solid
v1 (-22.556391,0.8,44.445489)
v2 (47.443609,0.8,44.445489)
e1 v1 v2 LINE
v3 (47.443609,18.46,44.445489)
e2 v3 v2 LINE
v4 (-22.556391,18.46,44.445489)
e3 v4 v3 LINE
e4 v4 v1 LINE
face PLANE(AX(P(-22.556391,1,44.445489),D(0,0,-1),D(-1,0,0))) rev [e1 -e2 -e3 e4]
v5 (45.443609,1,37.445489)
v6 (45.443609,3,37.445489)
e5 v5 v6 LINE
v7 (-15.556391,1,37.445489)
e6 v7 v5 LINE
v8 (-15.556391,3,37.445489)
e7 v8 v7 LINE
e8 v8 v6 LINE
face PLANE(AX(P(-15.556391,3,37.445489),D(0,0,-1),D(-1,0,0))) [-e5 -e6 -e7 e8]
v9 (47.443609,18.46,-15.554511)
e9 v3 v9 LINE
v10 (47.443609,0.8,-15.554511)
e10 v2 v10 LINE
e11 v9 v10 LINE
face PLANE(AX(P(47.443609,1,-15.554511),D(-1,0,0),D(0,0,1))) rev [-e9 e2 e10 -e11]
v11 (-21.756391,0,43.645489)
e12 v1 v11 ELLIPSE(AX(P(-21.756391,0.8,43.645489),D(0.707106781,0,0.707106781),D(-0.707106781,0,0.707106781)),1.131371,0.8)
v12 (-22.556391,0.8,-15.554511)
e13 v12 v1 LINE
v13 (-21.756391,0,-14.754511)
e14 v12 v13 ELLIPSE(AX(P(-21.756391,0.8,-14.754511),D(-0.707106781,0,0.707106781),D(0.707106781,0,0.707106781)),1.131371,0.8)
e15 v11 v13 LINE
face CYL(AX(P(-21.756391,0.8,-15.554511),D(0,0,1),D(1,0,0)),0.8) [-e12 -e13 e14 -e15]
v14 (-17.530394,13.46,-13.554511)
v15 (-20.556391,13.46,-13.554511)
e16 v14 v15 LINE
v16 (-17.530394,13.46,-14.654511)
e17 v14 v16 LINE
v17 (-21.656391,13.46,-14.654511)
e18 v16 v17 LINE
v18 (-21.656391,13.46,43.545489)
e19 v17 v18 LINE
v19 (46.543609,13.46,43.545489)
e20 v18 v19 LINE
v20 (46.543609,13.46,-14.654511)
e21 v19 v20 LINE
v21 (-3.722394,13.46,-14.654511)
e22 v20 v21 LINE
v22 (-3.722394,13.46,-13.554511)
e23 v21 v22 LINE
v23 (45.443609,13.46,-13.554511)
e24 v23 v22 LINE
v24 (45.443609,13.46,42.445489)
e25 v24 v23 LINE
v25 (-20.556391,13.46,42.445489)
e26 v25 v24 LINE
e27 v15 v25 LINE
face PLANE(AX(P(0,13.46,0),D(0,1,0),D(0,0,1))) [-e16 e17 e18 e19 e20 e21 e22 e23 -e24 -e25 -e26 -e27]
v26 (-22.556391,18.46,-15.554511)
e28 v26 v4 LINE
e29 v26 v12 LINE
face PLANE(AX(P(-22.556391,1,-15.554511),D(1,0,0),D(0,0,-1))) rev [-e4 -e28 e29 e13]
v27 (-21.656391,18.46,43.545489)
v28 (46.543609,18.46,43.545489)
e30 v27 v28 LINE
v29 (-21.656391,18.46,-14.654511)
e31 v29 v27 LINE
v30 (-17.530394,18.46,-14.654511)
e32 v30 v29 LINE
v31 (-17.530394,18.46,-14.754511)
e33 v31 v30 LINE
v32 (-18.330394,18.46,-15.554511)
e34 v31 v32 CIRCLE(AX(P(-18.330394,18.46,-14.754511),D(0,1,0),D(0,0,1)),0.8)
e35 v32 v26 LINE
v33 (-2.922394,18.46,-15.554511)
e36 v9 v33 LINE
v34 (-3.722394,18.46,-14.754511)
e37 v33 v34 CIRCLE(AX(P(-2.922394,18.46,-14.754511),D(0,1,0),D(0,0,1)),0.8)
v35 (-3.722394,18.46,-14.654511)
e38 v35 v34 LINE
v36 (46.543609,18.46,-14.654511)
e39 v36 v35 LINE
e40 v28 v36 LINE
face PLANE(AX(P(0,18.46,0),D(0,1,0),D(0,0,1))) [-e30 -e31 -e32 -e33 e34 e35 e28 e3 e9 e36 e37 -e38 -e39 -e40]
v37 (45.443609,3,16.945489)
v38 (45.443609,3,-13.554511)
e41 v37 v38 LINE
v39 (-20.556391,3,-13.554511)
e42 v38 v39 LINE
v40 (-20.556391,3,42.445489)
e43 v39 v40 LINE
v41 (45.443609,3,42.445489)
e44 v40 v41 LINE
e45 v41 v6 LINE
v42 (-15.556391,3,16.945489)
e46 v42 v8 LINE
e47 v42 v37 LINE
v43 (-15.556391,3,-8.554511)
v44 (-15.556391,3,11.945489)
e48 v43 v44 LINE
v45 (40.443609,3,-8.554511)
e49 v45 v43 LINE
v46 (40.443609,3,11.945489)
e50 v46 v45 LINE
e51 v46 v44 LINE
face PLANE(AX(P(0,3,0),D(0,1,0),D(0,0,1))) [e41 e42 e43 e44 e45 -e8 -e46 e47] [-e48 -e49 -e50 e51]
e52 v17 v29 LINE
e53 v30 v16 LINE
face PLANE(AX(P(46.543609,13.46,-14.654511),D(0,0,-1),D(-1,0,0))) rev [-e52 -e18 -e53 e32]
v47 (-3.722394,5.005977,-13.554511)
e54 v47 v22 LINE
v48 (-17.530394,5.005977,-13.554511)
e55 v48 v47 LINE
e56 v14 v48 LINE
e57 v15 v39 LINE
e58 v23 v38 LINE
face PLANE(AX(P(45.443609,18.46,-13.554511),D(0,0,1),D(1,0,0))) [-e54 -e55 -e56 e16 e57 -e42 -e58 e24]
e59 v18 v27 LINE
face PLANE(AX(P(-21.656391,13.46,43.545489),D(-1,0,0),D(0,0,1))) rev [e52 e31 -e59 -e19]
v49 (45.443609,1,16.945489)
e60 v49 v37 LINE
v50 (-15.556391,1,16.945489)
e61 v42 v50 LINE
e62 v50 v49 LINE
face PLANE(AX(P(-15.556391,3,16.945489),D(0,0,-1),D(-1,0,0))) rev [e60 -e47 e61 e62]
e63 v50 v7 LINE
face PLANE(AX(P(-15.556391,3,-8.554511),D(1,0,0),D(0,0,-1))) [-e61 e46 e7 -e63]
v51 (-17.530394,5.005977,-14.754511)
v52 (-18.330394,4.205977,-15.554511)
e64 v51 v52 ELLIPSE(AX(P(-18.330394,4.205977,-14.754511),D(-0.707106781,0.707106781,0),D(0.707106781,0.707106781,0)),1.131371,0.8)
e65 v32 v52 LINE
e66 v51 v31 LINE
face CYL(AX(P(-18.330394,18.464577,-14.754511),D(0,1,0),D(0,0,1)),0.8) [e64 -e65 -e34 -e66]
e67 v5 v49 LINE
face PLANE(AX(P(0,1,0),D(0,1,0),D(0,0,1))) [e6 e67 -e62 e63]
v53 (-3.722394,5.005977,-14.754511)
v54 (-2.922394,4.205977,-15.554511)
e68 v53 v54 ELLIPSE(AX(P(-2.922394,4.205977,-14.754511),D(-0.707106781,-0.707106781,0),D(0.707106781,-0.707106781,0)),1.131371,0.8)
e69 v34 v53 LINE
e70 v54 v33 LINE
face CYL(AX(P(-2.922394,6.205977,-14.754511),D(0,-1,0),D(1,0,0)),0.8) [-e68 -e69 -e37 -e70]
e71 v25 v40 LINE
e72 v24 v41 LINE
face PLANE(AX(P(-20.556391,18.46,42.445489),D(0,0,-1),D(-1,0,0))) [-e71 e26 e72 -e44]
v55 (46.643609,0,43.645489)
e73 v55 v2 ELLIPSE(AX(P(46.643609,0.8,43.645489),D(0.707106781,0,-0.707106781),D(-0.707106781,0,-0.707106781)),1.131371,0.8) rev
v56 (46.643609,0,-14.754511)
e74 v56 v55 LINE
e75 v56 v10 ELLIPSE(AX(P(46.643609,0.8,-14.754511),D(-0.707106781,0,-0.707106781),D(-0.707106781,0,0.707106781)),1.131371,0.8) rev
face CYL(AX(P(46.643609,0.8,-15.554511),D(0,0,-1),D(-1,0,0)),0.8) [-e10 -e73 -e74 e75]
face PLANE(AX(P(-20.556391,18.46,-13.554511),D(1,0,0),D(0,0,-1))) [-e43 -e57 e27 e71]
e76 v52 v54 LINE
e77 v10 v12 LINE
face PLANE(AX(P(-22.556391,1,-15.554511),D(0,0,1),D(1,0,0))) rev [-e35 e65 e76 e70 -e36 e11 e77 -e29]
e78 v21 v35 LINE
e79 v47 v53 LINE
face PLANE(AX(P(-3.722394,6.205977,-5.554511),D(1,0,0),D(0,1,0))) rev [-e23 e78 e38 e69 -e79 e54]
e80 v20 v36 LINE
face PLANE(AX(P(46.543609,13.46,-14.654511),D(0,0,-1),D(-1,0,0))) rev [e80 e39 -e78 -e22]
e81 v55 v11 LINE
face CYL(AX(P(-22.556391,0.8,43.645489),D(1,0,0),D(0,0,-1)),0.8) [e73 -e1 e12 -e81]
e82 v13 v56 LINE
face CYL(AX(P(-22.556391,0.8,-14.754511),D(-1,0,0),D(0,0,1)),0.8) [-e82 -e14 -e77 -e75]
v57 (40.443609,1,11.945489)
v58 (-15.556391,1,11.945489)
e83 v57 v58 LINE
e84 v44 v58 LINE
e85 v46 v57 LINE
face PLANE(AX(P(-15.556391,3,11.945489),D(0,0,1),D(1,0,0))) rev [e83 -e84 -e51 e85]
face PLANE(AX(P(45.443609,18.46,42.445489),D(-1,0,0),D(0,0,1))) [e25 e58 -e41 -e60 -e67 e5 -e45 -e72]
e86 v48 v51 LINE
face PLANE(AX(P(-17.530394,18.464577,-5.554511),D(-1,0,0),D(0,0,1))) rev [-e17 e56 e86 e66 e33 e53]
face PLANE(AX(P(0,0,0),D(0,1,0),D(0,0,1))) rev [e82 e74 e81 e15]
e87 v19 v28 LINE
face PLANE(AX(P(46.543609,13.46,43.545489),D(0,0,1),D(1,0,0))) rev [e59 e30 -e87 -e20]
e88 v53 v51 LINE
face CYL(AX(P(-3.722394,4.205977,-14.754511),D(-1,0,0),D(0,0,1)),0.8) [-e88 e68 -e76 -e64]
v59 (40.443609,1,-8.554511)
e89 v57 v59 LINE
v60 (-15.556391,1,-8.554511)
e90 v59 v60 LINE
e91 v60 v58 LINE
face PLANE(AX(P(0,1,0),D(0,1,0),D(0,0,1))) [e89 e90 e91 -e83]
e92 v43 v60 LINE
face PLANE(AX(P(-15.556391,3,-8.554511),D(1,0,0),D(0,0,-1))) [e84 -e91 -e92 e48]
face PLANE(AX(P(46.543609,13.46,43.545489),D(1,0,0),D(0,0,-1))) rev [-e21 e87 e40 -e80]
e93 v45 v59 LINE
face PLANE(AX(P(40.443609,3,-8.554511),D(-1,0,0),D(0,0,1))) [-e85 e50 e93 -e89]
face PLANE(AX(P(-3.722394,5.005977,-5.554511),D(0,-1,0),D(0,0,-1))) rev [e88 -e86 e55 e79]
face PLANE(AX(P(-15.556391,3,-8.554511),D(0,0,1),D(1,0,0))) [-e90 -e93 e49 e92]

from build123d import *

# Parameters (mm, degrees)
SKETCH1_W           = 70
SKETCH1_H           = 60
BOSS_EXTRUDE1_DEPTH = 1
SKETCH2_W           = 70
SKETCH2_H           = 60
SKETCH2_W_2         = 66
SKETCH2_H_2         = 56
BOSS_EXTRUDE2_DEPTH = 17.46
SKETCH3_W           = 66
SKETCH3_H           = 56
SKETCH3_W_2         = 56
SKETCH3_H_2         = 46
BOSS_EXTRUDE4_DEPTH = 2
SKETCH4_W           = 13.208
SKETCH4_H           = 11.6586
CUT_EXTRUDE2_DEPTH  = 10
SKETCH8_W           = 56
SKETCH8_H           = 5
BOSS_EXTRUDE5_DEPTH = 2
SKETCH9_W           = 5
SKETCH9_H           = 20.5
CUT_EXTRUDE3_DEPTH  = 2
SKETCH13_W          = 68.2
SKETCH13_H          = 58.2
SKETCH13_W_2        = 66
SKETCH13_H_2        = 56
CUT_EXTRUDE6_DEPTH  = 5
FILLET1_R           = 0.8
FILLET2_R           = 0.8


with BuildPart() as part:
    # Sketch1 → Boss-Extrude1 (new body)
    with BuildSketch(Plane(origin=(0, 0, 0), x_dir=(1, 0, 0), z_dir=(0, 1, 0))):
        with Locations((12.443609023, -14.445488722)):
            Rectangle(SKETCH1_W, SKETCH1_H)
    extrude(amount=BOSS_EXTRUDE1_DEPTH)

    # Sketch2 → Boss-Extrude2 (add)
    with BuildSketch(Plane(origin=(0, 1, 0), x_dir=(1, 0, 0), z_dir=(0, 1, 0))):
        with Locations((12.443609023, -14.445488722)):
            Rectangle(SKETCH2_W, SKETCH2_H)
        with Locations((12.443609023, -14.445488722)):
            Rectangle(SKETCH2_W_2, SKETCH2_H_2, mode=Mode.SUBTRACT)
    extrude(amount=BOSS_EXTRUDE2_DEPTH)

    # Sketch3 → Boss-Extrude4 (add)
    with BuildSketch(Plane(origin=(0, 1, 0), x_dir=(1, 0, 0), z_dir=(0, 1, 0))):
        with Locations((12.443609023, -14.445488722)):
            Rectangle(SKETCH3_W, SKETCH3_H)
        with Locations((12.443609023, -14.445488722)):
            Rectangle(SKETCH3_W_2, SKETCH3_H_2, mode=Mode.SUBTRACT)
    extrude(amount=BOSS_EXTRUDE4_DEPTH)

    # Sketch4 → Cut-Extrude2 (cut)
    with BuildSketch(Plane(origin=(0, 0, -15.554511278), x_dir=(-1, 0, 0), z_dir=(0, 0, -1))):
        Polygon((3.722393626, 18.464576877), (3.722393626, 6.205976877), (3.722393626, 5.005976877), (17.530393626, 5.005976877), (17.530393626, 6.205976877), (17.530393626, 18.464576877), align=None)
        with Locations((10.626393626, 12.335276877)):
            Rectangle(SKETCH4_W, SKETCH4_H, mode=Mode.SUBTRACT)
    extrude(amount=-CUT_EXTRUDE2_DEPTH, mode=Mode.SUBTRACT)


with BuildPart() as cut_extrude2_kept_piece:
    # of the separate pieces the step leaves, the one the design keeps (cut_extrude2_pieces_kept)
    add(part.part.solids().sort_by_distance((-22.556390977, 0, -15.554511278))[0])

    # Sketch8 → Boss-Extrude5 (add)
    with BuildSketch(Plane(origin=(0, 1, 0), x_dir=(1, 0, 0), z_dir=(0, 1, 0))):
        with Locations((12.443609023, -14.445488722)):
            Rectangle(SKETCH8_W, SKETCH8_H)
    extrude(amount=BOSS_EXTRUDE5_DEPTH)

    # Sketch9 → Cut-Extrude3 (cut)
    with BuildSketch(Plane(origin=(0, 3, 0), x_dir=(1, 0, 0), z_dir=(0, 1, 0))):
        with Locations((42.943609023, -27.195488722)):
            Rectangle(SKETCH9_W, SKETCH9_H)
    extrude(amount=-CUT_EXTRUDE3_DEPTH, mode=Mode.SUBTRACT)

    # Sketch13 → Cut-Extrude6 (cut)
    with BuildSketch(Plane(origin=(0, 18.46, 0), x_dir=(1, 0, 0), z_dir=(0, 1, 0))):
        with Locations((12.443609023, -14.445488722)):
            Rectangle(SKETCH13_W, SKETCH13_H)
        with Locations((12.443609023, -14.445488722)):
            Rectangle(SKETCH13_W_2, SKETCH13_H_2, mode=Mode.SUBTRACT)
    extrude(amount=-CUT_EXTRUDE6_DEPTH, mode=Mode.SUBTRACT)

    # Fillet1
    fillet1_edges = [cut_extrude2_kept_piece.edges().sort_by_distance(p)[0] for p in [
        (12.443609023, 0, 44.445488722),
        (47.443609023, 0, 14.445488722),
        (12.443609023, 0, -15.554511278),
        (-22.556390977, 0, 14.445488722),
    ]]
    fillet(fillet1_edges, radius=FILLET1_R)

    # Fillet2
    fillet2_edges = [cut_extrude2_kept_piece.edges().sort_by_distance(p)[0] for p in [
        (-17.530393626, 11.732988439, -15.554511278),
        (-10.626393626, 5.005976877, -15.554511278),
        (-3.722393626, 11.732988439, -15.554511278),
    ]]
    fillet(fillet2_edges, radius=FILLET2_R)


solid = cut_extrude2_kept_piece.part
